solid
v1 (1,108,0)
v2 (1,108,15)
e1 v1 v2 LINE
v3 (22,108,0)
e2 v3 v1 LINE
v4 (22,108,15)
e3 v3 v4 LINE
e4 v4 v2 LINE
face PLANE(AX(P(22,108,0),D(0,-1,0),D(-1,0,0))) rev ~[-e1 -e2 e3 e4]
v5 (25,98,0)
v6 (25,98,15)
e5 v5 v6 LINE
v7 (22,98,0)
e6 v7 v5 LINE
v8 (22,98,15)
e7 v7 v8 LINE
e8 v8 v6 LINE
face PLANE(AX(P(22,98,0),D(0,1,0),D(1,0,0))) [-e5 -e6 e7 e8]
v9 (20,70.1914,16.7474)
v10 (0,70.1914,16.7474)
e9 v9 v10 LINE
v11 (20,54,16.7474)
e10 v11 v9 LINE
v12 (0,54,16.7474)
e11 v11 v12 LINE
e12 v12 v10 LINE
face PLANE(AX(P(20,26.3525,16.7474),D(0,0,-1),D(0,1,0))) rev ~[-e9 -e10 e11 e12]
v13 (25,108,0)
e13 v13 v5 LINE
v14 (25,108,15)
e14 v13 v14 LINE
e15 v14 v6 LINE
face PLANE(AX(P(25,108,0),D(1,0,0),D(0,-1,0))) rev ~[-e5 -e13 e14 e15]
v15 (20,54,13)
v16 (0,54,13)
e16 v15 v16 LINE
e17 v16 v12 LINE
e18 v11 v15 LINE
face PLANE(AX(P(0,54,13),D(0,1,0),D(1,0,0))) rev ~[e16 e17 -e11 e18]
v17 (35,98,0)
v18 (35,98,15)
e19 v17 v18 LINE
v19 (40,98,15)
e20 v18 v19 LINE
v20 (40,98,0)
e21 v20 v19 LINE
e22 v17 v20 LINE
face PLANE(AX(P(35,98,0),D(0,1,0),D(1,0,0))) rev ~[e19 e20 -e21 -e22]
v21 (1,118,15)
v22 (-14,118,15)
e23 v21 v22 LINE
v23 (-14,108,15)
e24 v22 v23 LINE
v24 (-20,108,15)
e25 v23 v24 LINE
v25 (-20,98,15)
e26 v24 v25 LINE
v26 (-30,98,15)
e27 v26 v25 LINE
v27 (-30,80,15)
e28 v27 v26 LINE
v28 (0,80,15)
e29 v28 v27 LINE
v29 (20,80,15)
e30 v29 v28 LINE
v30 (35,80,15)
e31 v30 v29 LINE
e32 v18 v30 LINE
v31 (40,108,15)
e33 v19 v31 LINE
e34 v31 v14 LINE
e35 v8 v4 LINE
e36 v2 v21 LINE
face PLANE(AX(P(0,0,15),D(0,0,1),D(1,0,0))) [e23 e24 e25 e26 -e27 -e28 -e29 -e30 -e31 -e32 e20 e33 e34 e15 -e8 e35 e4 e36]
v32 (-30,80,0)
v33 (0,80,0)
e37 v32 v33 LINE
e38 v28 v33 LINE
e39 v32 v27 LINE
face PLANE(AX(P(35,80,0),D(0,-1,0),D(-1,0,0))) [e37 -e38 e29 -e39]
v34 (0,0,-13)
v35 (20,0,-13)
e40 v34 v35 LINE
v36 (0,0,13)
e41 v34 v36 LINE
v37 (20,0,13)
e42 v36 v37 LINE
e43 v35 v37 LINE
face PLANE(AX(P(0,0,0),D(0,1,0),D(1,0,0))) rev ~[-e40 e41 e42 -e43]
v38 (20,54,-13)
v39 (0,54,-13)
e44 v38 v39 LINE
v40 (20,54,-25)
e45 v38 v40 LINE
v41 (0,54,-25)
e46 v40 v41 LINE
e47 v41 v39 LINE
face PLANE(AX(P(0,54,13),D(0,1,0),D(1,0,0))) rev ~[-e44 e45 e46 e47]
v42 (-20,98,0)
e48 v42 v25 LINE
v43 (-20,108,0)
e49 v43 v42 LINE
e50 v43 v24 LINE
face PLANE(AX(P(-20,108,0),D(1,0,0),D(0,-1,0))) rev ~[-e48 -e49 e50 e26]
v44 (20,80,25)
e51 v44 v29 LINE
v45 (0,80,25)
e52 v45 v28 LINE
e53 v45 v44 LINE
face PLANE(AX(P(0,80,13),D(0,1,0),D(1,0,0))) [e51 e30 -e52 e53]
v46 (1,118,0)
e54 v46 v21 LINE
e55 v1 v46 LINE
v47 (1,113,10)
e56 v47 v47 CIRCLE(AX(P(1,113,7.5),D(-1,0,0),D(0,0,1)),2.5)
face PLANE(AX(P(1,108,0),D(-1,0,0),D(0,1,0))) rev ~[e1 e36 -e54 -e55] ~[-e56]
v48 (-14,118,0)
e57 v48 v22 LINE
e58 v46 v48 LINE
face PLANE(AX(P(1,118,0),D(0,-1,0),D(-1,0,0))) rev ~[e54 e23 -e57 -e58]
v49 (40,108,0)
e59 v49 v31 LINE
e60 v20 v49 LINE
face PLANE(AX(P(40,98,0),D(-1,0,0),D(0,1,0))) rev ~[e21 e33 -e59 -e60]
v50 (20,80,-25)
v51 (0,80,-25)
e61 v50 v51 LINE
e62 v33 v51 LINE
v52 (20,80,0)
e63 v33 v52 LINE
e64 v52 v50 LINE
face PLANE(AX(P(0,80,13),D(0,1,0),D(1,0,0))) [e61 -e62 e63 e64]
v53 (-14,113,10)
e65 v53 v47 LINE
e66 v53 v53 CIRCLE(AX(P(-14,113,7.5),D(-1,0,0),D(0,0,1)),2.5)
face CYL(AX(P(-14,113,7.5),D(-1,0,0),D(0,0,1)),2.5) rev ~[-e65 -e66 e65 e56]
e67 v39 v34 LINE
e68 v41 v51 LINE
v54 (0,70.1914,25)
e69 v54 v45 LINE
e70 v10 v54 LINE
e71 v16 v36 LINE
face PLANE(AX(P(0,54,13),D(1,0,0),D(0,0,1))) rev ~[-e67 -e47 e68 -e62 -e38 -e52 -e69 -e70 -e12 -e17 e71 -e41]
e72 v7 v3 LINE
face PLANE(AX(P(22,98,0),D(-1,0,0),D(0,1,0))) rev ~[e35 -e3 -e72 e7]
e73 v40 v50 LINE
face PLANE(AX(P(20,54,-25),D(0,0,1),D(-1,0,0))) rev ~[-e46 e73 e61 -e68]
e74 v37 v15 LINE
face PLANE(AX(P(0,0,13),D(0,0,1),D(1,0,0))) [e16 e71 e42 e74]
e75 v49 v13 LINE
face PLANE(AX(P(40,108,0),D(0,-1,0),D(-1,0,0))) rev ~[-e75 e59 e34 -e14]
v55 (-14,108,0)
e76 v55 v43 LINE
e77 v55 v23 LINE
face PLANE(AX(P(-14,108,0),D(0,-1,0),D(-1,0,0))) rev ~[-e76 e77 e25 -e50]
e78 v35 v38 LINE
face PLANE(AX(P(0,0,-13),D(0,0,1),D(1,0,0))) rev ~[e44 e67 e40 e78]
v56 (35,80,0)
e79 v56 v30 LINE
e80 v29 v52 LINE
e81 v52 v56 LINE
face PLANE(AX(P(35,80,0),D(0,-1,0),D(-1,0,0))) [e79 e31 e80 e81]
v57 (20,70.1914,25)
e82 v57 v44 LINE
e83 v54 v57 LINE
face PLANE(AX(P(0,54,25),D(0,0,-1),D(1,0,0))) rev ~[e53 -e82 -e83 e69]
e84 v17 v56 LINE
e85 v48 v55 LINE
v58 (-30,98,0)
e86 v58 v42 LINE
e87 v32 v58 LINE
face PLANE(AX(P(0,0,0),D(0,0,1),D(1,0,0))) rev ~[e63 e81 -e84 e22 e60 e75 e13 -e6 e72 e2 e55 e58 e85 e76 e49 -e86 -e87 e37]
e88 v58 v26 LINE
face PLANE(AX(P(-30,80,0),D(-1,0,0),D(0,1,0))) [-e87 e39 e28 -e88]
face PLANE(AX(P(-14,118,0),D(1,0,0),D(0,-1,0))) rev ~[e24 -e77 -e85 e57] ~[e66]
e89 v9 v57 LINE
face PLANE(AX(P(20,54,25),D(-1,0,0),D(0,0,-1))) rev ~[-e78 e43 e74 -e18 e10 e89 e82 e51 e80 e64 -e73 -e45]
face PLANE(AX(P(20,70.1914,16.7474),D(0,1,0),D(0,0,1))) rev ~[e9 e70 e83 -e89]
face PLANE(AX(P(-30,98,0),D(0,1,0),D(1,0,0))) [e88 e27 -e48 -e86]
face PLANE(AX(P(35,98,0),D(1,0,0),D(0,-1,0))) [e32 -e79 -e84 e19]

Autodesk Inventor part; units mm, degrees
ref_plane "YZ Plane" through (0, 0, 0) normal (1, 0, 0) x (0, 1, 0)
ref_plane "XZ Plane" through (0, 0, 0) normal (0, 1, 0) x (-1, 0, 0)
ref_plane "XY Plane" through (0, 0, 0) normal (0, 0, 1) x (1, 0, 0)
sketch "Sketch4" plane through (0, 0, 0) normal (0, 0, 1) x (1, 0, 0)
  line L0 (0, 0) -> (20, 0)
  line L1 (20, 0) -> (20, 54)
  line L2 (20, 54) -> (0, 54)
  line L3 (0, 54) -> (0, 0)
  dimension "d18" = 20
  dimension "d19" = 54
extrude "Extrusion4" add sketch "Sketch4" along normal mid plane 26
sketch "Sketch5" plane through (0, 54, 13) normal (0, 1, 0) x (1, 0, 0)
  line L0 (0, -12) -> (20, -12)
  line L1 (20, -12) -> (20, 38)
  line L2 (20, 38) -> (0, 38)
  line L3 (0, 38) -> (0, -12)
  line L4 (20, 26) -> (20, 0) projected
  line L5 (0, 26) -> (0, 0) projected
  point P0 (0, 13)
  point P1 (10, 38)
  point P2 (0, 13)
  dimension "d22" = 20
  dimension "d23" = 50
  dimension "d24" = 25
extrude "Extrusion5" add sketch "Sketch5" along normal blind 26
sketch "Sketch6" plane through (0, 0, 0) normal (0, 0, 1) x (1, 0, 0)
  line L0 (35, 80) -> (-30, 80)
  line L1 (-30, 80) -> (-30, 98)
  line L2 (-30, 98) -> (35, 98)
  line L3 (35, 98) -> (35, 80)
  line L4 (0, 80) -> (20, 80) projected
  line L5 (20, 54) -> (20, 80) projected
  line L6 (0, 54) -> (0, 80) projected
  line L7 (-20, 98) -> (22, 98)
  line L8 (22, 98) -> (22, 108)
  line L9 (22, 108) -> (-20, 108)
  line L10 (-20, 108) -> (-20, 98)
  line L11 (25, 98) -> (40, 98)
  line L12 (40, 98) -> (40, 108)
  line L13 (40, 108) -> (25, 108)
  line L14 (25, 108) -> (25, 98)
  line L15 (-14, 108) -> (1, 108)
  line L16 (1, 108) -> (1, 118)
  line L17 (1, 118) -> (-14, 118)
  line L18 (-14, 118) -> (-14, 108)
  point P0 (0, 0)
  point P1 (35, 98)
  point P2 (22, 98)
  point P3 (-20, 103)
  point P4 (-14, 113)
  dimension "d27" = 18
  dimension "d28" = 15
  dimension "d29" = 30
  dimension "d32" = 10
  dimension "d33" = 10
  dimension "d34" = 15
  dimension "d38" = 3
  dimension "d39" = 15
  dimension "d40" = 5
  dimension "d41" = 10
  dimension "d42" = 6
extrude "Extrusion6" add sketch "Sketch6" along normal blind 15
sketch "Sketch9" plane through (0, 0, 13) normal (0, 0, 1) x (1, 0, 0)
  point P0 (0, 0)
  point P1 (10, 29.6336)
sketch "Sketch10" plane through (0, 0, 15) normal (0, 0, 1) x (1, 0, 0)
  point P0 (0, 0)
  point P1 (-8.9634, 87.1554)
sketch "Sketch11" plane through (40, 98, 15) normal (1, 0, 0) x (0, 0, -1)
  point P0 (15, -98)
  point P1 (7.5, 5)
sketch "Sketch12" plane through (20, 0, 13) normal (1, 0, 0) x (0, 0, -1)
  point P0 (13, 0)
  point P1 (13, 63.2643)
sketch "Sketch13" plane through (-14, 108, 15) normal (-1, 0, 0) x (0, 0, 1)
  circle A0 centre (-7.5, 5) radius 2.5
  line L0 (-15, 10) -> (0, 10) projected
  line L1 (0, -10) -> (0, 0) projected
  line L2 (-15, 10) -> (0, 0) construction
  point P0 (-15, -108)
  dimension "d35" = 5
extrude "Extrusion7" cut sketch "Sketch13" against normal through all
sketch "Sketch14" plane through (20, 0, 13) normal (1, 0, 0) x (0, 0, -1)
  line L0 (-31.824, 26.3525) -> (-3.7474, 26.3525)
  line L1 (-3.7474, 26.3525) -> (-3.7474, 70.1914)
  line L2 (-3.7474, 70.1914) -> (-31.824, 70.1914)
  line L3 (-31.824, 70.1914) -> (-31.824, 26.3525)
  line L4 (-31.824, 26.3525) -> (-3.7474, 70.1914) construction
  line L5 (-3.7474, 26.3525) -> (-31.824, 70.1914) construction
  point P0 (13, 0)
  point P1 (-17.7857, 48.272)
extrude "Extrusion8" cut sketch "Sketch14" against normal through all
equation "\"d24\" = 0.5 * d23"
properties part number "micromanipulator"
